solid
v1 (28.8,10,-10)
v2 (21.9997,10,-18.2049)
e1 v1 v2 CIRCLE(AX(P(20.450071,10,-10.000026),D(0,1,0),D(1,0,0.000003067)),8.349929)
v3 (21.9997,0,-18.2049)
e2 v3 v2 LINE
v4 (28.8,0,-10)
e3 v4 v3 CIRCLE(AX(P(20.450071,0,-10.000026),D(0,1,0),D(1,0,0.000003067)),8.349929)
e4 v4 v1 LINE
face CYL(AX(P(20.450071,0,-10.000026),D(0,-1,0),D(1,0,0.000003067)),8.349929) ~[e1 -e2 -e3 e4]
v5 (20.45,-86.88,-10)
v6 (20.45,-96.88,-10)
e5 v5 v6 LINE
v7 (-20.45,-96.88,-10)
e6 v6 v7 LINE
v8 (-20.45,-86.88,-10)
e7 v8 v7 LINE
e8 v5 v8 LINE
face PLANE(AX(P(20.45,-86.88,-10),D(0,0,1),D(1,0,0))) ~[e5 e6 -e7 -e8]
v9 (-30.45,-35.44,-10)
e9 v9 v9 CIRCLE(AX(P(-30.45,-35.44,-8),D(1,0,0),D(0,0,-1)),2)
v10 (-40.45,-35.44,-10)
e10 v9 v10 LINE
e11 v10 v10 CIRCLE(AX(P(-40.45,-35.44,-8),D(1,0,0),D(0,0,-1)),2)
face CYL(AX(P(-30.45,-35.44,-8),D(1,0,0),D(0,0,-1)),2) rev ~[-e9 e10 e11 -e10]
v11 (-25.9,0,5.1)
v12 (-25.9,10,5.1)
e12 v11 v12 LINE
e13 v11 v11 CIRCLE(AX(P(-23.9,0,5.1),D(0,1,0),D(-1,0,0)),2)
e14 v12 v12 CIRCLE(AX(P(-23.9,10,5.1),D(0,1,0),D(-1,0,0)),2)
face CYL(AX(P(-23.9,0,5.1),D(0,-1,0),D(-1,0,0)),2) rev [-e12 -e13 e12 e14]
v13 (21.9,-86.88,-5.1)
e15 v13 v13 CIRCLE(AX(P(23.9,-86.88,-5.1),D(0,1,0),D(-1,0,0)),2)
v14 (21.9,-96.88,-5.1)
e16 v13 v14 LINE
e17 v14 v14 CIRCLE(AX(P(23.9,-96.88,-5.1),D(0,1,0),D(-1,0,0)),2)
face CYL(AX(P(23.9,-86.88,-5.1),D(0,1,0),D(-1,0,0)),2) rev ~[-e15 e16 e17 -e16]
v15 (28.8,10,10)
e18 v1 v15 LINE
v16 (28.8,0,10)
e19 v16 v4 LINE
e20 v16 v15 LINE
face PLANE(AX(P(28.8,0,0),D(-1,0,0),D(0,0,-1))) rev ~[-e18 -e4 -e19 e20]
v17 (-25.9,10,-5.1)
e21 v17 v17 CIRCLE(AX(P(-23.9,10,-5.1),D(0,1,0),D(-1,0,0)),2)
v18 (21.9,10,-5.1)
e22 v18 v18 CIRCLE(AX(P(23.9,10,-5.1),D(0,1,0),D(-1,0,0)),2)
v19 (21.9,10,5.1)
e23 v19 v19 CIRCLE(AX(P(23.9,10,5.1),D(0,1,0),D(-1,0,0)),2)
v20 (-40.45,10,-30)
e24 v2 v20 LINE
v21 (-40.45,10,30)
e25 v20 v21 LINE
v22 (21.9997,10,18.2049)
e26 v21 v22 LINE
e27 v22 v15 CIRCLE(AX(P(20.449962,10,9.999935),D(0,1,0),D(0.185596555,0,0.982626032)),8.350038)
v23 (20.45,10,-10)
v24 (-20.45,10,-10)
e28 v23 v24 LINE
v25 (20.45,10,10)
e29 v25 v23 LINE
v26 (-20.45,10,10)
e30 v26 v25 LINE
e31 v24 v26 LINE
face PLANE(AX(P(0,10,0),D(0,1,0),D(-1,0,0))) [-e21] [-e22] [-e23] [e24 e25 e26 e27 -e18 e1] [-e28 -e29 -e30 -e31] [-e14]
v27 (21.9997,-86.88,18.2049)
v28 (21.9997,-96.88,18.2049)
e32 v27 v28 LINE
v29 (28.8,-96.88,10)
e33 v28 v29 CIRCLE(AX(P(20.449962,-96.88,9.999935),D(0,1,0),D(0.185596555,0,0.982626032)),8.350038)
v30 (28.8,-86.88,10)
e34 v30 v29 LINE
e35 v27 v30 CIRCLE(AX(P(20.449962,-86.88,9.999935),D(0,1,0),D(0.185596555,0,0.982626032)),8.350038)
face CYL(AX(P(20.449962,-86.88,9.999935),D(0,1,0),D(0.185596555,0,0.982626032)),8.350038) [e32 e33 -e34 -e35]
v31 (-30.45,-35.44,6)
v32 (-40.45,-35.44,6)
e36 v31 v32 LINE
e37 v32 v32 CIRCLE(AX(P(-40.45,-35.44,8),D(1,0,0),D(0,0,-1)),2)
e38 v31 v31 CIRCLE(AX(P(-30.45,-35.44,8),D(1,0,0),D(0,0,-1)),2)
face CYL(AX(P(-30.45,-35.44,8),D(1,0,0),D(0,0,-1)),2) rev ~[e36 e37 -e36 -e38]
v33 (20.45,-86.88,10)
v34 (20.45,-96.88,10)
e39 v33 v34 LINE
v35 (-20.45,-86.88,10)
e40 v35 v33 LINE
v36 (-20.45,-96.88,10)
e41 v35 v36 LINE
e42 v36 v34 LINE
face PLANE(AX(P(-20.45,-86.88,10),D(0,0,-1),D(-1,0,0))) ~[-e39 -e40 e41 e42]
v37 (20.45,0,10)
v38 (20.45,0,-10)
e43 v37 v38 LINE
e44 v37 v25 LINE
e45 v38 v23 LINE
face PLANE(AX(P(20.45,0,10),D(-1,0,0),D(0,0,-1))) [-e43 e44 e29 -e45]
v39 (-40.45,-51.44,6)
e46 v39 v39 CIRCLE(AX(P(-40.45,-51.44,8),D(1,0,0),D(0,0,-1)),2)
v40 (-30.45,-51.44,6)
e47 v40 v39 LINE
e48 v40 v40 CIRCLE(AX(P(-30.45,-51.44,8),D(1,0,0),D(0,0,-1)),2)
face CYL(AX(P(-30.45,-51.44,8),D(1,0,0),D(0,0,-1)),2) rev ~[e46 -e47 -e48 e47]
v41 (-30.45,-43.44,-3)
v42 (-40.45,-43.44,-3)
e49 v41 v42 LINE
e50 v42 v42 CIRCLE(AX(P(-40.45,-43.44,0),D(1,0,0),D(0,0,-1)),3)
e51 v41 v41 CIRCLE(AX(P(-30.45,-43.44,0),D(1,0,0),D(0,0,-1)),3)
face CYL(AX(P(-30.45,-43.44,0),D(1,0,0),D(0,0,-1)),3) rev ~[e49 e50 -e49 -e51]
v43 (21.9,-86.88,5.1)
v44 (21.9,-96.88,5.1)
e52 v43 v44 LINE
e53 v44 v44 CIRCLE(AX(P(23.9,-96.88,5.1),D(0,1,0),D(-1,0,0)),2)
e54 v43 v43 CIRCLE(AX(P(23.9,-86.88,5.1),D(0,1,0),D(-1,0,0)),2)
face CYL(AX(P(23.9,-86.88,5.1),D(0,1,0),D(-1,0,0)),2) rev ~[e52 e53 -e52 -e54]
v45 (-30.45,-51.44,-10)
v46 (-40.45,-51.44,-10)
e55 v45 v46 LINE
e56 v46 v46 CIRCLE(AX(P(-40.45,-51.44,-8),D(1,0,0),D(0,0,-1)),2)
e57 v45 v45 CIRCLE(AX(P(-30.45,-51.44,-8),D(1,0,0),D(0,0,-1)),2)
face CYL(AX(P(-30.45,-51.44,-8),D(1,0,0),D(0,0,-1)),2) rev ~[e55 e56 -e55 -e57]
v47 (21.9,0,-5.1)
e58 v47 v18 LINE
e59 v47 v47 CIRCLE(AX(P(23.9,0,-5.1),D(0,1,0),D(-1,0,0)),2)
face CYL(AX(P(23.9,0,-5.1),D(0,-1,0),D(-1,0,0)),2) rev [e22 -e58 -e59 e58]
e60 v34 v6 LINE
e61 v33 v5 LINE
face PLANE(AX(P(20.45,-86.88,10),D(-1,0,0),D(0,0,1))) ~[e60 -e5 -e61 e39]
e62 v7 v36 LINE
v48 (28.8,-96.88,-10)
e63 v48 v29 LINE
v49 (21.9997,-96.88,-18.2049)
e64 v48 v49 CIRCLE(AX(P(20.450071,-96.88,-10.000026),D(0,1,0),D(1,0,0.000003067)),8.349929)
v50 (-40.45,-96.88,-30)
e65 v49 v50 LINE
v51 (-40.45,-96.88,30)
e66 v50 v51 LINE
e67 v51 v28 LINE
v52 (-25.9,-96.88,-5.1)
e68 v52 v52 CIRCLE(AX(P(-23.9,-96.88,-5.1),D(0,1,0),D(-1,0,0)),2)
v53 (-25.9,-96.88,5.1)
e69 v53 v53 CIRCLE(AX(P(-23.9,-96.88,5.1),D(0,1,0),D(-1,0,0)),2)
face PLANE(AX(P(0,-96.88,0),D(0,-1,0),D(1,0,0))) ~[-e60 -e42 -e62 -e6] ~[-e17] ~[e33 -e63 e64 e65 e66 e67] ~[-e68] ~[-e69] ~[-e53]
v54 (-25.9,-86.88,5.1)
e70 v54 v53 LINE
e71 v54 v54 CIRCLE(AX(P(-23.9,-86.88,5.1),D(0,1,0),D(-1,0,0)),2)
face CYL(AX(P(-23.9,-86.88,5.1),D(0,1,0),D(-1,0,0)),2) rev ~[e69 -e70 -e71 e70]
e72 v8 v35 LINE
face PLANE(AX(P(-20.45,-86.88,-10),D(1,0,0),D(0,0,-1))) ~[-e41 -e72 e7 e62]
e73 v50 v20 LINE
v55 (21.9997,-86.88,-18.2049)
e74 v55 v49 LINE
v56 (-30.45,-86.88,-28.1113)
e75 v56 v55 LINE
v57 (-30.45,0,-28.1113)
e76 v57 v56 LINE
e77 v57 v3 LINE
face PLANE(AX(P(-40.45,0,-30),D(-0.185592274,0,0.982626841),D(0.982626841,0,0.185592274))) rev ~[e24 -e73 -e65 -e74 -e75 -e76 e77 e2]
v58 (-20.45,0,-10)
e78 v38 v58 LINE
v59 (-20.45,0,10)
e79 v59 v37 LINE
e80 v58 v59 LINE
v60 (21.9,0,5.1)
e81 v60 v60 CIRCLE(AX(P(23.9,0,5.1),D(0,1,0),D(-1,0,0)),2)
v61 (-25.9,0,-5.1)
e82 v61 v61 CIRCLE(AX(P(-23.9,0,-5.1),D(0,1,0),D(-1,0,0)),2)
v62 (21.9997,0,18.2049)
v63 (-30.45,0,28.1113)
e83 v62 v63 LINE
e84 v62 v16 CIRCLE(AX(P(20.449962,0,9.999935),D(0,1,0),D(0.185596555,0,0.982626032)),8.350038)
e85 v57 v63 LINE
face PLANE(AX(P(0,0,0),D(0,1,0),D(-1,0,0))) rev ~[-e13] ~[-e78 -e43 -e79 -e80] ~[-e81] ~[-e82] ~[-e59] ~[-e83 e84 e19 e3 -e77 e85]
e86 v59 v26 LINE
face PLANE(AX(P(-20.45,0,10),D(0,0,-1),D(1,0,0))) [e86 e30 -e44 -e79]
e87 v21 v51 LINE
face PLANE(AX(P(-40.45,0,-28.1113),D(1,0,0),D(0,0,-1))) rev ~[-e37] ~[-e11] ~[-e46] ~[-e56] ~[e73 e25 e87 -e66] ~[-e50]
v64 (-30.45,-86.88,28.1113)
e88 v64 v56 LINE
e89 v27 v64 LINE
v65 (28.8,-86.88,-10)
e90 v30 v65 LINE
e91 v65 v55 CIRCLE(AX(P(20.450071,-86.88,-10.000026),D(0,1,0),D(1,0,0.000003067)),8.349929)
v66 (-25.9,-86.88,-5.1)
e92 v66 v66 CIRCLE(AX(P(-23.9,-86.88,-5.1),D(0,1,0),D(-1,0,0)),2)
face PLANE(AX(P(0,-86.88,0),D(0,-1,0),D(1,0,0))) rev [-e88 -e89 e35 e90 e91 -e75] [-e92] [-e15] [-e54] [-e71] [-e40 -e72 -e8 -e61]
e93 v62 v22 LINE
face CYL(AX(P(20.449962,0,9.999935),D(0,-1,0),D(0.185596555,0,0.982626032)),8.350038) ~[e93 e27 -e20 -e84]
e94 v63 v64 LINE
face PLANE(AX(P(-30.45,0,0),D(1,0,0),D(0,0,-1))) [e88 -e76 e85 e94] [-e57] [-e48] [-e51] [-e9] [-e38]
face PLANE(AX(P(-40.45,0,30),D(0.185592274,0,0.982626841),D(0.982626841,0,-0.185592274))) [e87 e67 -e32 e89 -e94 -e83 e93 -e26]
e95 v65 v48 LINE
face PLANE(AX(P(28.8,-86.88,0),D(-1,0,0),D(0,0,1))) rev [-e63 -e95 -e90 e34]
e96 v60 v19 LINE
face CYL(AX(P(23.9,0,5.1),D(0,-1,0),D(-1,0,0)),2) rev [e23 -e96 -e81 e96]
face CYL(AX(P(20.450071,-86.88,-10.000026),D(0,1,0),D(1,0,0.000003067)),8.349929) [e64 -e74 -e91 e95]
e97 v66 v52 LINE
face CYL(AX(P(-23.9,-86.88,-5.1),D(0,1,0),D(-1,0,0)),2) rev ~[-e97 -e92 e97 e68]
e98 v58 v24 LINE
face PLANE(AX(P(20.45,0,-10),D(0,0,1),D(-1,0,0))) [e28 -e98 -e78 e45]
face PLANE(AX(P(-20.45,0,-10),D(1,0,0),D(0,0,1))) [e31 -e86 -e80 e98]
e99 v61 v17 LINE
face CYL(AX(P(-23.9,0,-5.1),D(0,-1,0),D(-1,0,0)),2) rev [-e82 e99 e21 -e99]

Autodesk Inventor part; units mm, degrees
ref_plane "YZ Plane" through (0, 0, 0) normal (1, 0, 0) x (0, 1, 0)
ref_plane "XZ Plane" through (0, 0, 0) normal (0, 1, 0) x (-1, 0, 0)
sketch "Sketch1" plane through (0, 0, 0) normal (0, 1, 0) x (-1, 0, 0)
  line L0 (20.45, 10) -> (-20.45, 10)
  line L1 (-20.45, 10) -> (-20.45, -10)
  line L2 (-20.45, -10) -> (20.45, -10)
  line L3 (20.45, -10) -> (20.45, 10)
  line L4 (20.45, 10) -> (-20.45, -10) construction
  line L5 (-20.45, 10) -> (20.45, -10) construction
  line L6 (-20.45, 10) -> (-23.9, 10)
  line L7 (-23.9, 10) -> (-23.9, 5.1) construction
  circle A0 centre (-23.9, 5.1) radius 2
  line L8 (-23.9, 5.1) -> (-20.45, 5.1) construction
  line L9 (0, 0) -> (-20.45, 0) construction
  line L10 (-20.45, -10) -> (-23.9, -10)
  line L11 (-23.9, -10) -> (-23.9, -5.1) construction
  circle A1 centre (-23.9, -5.1) radius 2
  line L12 (-23.9, -5.1) -> (-20.45, -5.1) construction
  arc A2 (-28.8, -10) -> (-21.9997, -18.2049) centre (-20.45, -10) ccw
  line L13 (-28.8, 0) -> (-28.8, -10)
  line L14 (0, 0) -> (0, -10) construction
  circle A3 centre (23.9, 5.1) radius 2
  line L15 (23.9, 5.1) -> (20.45, 5.1) construction
  circle A4 centre (23.9, -5.1) radius 2
  line L16 (23.9, -5.1) -> (20.45, -5.1) construction
  line L17 (40.45, -30) -> (-21.9997, -18.2049)
  line L18 (0, 0) -> (-20.45, 0) construction
  line L19 (30.45, 0) -> (30.45, -28.1113)
  line L20 (40.45, -28.1113) -> (40.45, 0)
  line L21 (40.45, 0) -> (40.45, -30)
  arc A5 (-21.9997, 18.2049) -> (-28.8, 10) centre (-20.45, 10) ccw
  line L22 (40.45, 30) -> (-21.9997, 18.2049)
  line L23 (30.45, 0) -> (30.45, 28.1113)
  line L24 (40.45, 28.1113) -> (40.45, 0)
  line L25 (40.45, 0) -> (40.45, 30)
  line L26 (-28.8, 10) -> (-28.8, 0)
  point P0 (20.45, 0)
  dimension "d0" = 40.9
  dimension "d1" = 20
  dimension "d2" = 3.45
  dimension "d3" = 4.9
  dimension "d4" = 4
  dimension "d10" = 10
extrude "Extrusion1" add sketch "Sketch1" along normal blind 10
ref_plane "Work Plane1" through (0, -43.44, 0) normal (0, -1, 0) x (1, 0, 0)
mirror "Mirror1" about plane through (0, -43.44, 0) normal (0, -1, 0) of "Extrusion1"
extrude "Extrusion2" add sketch "Sketch1" against normal blind 86.88 contours L19 L23 L22 L25 L24 L20 L21 L17
sketch "Sketch2" plane through (-30.45, -86.88, 28.1113) normal (1, 0, 0) x (0, 0, -1)
  line L0 (56.2225, 86.88) -> (56.2225, 0) projected
  line L1 (0, 0) -> (56.2225, 0)
  line L2 (56.2225, 0) -> (56.2225, 86.88)
  line L3 (56.2225, 86.88) -> (0, 86.88)
  line L4 (0, 86.88) -> (0, 0)
  line L5 (0, 86.88) -> (0, 0) construction
  line L6 (0, 0) -> (56.2225, 86.88) construction
  circle A0 centre (28.1113, 43.44) radius 3
  line L7 (20.1113, 35.44) -> (36.1113, 35.44) construction
  line L8 (36.1113, 35.44) -> (36.1113, 51.44) construction
  line L9 (36.1113, 51.44) -> (20.1113, 51.44) construction
  line L10 (20.1113, 51.44) -> (20.1113, 35.44) construction
  line L11 (20.1113, 35.44) -> (36.1113, 51.44) construction
  line L12 (36.1113, 35.44) -> (20.1113, 51.44) construction
  circle A1 centre (20.1113, 51.44) radius 2
  circle A2 centre (20.1113, 35.44) radius 2
  circle A3 centre (36.1113, 35.44) radius 2
  circle A4 centre (36.1113, 51.44) radius 2
  point P0 (28.1113, 86.88)
  dimension "d13" = 6
  dimension "d24" = 16
  dimension "d25" = 4
extrude "Extrusion3" cut sketch "Sketch2" against normal blind 10 contours A0 | A1 | A2 | A3 | A4
properties part number "Hand-End Fork" material "Acrylic, Clear"
